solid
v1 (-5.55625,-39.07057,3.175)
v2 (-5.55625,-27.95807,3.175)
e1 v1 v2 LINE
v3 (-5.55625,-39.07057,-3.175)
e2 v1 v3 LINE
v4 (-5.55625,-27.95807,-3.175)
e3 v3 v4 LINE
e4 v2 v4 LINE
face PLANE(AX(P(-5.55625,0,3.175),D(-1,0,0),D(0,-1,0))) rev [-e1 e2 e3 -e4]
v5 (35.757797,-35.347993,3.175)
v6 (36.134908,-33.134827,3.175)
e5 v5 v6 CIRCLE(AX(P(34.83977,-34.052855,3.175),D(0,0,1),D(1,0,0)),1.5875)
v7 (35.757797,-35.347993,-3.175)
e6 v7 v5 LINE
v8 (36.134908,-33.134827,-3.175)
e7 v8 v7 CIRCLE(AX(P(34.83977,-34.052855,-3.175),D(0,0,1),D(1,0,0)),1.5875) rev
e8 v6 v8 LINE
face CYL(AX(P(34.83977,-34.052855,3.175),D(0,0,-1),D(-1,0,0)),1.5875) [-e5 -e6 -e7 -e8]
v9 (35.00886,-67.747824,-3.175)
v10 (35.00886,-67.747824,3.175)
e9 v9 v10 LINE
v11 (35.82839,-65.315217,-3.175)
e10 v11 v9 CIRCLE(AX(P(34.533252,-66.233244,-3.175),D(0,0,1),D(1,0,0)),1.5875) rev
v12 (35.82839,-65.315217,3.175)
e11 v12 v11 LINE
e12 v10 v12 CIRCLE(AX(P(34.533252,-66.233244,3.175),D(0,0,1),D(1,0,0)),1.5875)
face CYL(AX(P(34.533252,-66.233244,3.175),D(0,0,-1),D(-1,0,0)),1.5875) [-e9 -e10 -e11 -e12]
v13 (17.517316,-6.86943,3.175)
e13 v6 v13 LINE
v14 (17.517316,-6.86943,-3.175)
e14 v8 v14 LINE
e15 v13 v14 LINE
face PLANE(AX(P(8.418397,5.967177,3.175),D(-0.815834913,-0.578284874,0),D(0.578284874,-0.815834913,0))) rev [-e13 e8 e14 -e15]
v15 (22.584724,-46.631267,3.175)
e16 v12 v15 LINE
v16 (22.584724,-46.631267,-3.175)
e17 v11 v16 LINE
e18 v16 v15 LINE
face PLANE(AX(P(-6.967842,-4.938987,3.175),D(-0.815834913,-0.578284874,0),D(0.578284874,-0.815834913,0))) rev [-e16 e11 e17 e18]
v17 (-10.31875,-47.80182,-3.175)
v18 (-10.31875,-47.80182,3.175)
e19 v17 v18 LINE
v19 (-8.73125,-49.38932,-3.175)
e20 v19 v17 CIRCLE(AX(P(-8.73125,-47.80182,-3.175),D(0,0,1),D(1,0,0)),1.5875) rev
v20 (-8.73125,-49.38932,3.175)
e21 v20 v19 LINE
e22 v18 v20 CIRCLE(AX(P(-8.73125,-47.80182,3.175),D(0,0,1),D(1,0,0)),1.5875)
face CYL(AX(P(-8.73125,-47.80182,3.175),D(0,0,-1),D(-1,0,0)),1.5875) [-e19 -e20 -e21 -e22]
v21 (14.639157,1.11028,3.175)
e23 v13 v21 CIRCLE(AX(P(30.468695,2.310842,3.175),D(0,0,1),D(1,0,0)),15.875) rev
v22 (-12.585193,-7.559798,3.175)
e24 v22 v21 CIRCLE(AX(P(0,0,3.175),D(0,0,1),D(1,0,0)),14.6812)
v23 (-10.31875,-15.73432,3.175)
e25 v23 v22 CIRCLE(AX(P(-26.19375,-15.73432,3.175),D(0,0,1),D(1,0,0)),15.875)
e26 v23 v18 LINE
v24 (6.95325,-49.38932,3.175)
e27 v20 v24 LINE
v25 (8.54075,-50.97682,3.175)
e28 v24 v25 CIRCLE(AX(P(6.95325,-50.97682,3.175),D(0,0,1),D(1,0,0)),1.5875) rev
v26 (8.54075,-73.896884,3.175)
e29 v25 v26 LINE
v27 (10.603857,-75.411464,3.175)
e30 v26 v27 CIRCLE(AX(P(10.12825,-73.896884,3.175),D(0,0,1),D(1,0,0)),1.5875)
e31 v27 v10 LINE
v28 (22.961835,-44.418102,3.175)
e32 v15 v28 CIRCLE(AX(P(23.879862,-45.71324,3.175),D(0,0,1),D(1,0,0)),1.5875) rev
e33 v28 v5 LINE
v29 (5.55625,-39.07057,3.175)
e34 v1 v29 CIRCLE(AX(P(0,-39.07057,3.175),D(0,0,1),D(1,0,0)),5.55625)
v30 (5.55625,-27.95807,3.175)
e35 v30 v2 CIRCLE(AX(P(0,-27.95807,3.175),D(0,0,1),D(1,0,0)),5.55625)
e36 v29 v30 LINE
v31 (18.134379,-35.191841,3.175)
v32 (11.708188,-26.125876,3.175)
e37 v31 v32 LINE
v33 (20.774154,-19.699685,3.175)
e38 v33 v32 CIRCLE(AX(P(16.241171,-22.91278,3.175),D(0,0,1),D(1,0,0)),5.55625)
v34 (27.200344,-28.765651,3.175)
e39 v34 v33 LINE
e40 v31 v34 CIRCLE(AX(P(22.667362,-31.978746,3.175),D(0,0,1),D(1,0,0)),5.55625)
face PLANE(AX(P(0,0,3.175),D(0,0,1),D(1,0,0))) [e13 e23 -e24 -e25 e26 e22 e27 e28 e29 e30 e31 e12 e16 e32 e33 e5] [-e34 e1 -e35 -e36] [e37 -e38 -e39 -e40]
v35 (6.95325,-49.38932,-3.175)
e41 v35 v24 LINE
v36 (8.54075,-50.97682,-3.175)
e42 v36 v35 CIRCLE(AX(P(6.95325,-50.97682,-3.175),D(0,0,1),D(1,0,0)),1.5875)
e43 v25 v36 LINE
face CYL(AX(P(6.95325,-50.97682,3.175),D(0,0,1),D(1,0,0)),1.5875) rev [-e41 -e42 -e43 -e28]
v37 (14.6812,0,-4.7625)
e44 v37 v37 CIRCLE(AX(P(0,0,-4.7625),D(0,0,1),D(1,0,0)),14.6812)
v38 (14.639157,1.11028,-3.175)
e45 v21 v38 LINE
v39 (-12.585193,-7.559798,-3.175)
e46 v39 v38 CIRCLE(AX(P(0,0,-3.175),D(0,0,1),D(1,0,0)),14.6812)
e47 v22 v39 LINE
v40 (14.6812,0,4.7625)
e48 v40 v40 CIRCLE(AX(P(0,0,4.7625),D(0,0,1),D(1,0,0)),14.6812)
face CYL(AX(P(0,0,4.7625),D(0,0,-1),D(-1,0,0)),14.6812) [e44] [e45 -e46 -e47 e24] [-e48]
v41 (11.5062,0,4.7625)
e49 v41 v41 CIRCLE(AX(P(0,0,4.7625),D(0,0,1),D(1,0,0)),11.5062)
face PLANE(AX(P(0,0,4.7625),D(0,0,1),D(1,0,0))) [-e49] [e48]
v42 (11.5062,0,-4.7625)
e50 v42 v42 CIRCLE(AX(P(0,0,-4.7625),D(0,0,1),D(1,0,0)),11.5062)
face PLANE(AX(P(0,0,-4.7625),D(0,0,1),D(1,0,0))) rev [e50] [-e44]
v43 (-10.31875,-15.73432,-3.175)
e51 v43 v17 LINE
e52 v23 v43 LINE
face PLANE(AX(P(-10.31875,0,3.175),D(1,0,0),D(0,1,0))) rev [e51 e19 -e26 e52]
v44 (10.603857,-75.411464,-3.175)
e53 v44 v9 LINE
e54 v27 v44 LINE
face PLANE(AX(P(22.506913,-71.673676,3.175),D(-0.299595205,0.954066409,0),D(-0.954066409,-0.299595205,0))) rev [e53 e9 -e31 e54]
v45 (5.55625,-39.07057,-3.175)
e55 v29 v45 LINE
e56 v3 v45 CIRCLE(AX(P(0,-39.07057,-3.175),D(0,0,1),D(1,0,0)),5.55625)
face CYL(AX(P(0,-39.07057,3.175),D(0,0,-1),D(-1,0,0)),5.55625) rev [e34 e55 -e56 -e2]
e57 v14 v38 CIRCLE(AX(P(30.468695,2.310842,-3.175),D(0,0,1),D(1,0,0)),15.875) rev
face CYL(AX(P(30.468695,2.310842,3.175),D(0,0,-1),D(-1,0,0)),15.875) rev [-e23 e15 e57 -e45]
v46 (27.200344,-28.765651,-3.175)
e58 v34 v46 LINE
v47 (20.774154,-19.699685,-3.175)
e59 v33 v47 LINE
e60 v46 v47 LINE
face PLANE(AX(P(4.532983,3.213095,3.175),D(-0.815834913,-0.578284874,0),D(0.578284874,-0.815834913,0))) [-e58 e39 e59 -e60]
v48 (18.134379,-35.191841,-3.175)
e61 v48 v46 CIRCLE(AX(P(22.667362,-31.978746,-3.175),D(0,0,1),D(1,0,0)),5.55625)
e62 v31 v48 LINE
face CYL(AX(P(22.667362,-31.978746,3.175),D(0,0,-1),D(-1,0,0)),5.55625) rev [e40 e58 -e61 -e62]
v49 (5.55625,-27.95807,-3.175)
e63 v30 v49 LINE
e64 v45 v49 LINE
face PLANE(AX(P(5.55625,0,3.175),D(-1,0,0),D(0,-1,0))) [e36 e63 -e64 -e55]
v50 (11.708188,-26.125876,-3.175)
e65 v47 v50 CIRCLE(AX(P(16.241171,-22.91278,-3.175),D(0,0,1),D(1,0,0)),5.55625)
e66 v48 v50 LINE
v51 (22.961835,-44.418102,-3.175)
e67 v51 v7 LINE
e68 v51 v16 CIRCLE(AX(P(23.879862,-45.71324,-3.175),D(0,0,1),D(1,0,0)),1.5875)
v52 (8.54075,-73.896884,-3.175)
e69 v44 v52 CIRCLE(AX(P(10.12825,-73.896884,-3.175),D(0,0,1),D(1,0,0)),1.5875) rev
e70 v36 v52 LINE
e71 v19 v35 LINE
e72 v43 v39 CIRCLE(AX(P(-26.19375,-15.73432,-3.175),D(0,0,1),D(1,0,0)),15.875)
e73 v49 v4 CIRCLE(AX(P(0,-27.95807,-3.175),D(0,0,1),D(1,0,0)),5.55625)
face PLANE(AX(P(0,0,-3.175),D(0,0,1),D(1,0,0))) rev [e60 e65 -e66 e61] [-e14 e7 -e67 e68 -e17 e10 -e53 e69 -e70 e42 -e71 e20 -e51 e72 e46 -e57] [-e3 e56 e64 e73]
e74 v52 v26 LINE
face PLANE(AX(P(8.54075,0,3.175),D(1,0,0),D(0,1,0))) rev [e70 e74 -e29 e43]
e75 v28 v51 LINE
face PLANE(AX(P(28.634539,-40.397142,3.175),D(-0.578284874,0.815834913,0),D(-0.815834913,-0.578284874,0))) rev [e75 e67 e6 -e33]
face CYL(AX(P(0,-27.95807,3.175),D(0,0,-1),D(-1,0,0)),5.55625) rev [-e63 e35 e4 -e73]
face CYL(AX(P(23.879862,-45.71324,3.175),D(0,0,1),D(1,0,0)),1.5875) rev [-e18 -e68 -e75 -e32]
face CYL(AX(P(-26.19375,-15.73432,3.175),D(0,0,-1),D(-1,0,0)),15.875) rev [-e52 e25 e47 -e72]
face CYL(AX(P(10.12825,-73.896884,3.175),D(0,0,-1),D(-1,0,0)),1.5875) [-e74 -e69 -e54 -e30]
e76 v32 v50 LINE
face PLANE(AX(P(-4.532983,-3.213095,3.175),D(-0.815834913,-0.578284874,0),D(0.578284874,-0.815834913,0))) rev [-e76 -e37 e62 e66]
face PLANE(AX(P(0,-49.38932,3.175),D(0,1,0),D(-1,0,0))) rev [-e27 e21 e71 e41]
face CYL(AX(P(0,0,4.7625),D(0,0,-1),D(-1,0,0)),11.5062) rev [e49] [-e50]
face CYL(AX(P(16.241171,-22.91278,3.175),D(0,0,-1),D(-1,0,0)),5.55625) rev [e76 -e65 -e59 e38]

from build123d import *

# Parameters (mm, degrees)
SKETCH1_R           = 11.5062
BOSS_EXTRUDE1_DEPTH = 4.7625
BOSS_EXTRUDE2_DEPTH = 3.175
FILLET2_R           = 1.5875


with BuildPart() as part:
    # Sketch1 → Boss-Extrude1 (new body, symmetric)
    with BuildSketch(Plane.XY):
        with BuildLine():
            ThreePointArc((14.639156809, 1.110279863), (-4.45502565, 13.988937769), (-12.585193267, -7.559797873))
            ThreePointArc((-12.585193267, -7.559797873), (4.45502565, -13.988937769), (14.639156809, 1.110279863))
        make_face()
        Circle(SKETCH1_R, mode=Mode.SUBTRACT)
    extrude(amount=BOSS_EXTRUDE1_DEPTH, both=True)

    # Sketch5 → Boss-Extrude2 (add, symmetric)
    with BuildSketch(Plane.XY):
        with BuildLine():
            ThreePointArc((-12.585193267, -7.559797873), (-10.89585042, -11.492870345), (-10.31875, -15.734319794))
            Line((-10.31875, -15.734319794), (-10.31875, -49.389319794))
            Line((-10.31875, -49.389319794), (8.54075, -49.389319794))
            Line((8.54075, -49.389319794), (8.54075, -76.059319794))
            Line((8.54075, -76.059319794), (37.089554297, -67.094446092))
            Line((37.089554297, -67.094446092), (21.666696712, -45.336128971))
            Line((21.666696712, -45.336128971), (37.052935248, -34.429965394))
            Line((37.052935248, -34.429965394), (17.517315641, -6.869430374))
            ThreePointArc((17.517315641, -6.869430374), (15.535368252, -3.075379389), (14.639156809, 1.110279863))
            ThreePointArc((14.639156809, 1.110279863), (4.45502565, -13.988937769), (-12.585193267, -7.559797873))
        make_face()
        with BuildLine():
            ThreePointArc((5.55625, -39.070569794), (0, -44.626819794), (-5.55625, -39.070569794))
            Line((-5.55625, -39.070569794), (-5.55625, -27.958069794))
            ThreePointArc((-5.55625, -27.958069794), (0, -22.401819794), (5.55625, -27.958069794))
            Line((5.55625, -27.958069794), (5.55625, -39.070569794))
        make_face(mode=Mode.SUBTRACT)
        with BuildLine():
            ThreePointArc((27.200344435, -28.7656506), (25.880457031, -36.511728663), (18.134378968, -35.19184126))
            Line((18.134378968, -35.19184126), (11.708188308, -26.125875793))
            ThreePointArc((11.708188308, -26.125875793), (13.028075711, -18.379797729), (20.774153775, -19.699685133))
            Line((20.774153775, -19.699685133), (27.200344435, -28.7656506))
        make_face(mode=Mode.SUBTRACT)
    extrude(amount=BOSS_EXTRUDE2_DEPTH, both=True)

    # Fillet2
    fillet2_edges = [part.edges().sort_by_distance(p)[0] for p in [
        (37.089554297, -67.094446092, 0),
        (21.666696712, -45.336128971, 0),
        (37.052935248, -34.429965394, 0),
        (-10.31875, -49.389319794, 0),
        (8.54075, -49.389319794, 0),
        (8.54075, -76.059319794, 0),
    ]]
    fillet(fillet2_edges, radius=FILLET2_R)


solid = part.part
